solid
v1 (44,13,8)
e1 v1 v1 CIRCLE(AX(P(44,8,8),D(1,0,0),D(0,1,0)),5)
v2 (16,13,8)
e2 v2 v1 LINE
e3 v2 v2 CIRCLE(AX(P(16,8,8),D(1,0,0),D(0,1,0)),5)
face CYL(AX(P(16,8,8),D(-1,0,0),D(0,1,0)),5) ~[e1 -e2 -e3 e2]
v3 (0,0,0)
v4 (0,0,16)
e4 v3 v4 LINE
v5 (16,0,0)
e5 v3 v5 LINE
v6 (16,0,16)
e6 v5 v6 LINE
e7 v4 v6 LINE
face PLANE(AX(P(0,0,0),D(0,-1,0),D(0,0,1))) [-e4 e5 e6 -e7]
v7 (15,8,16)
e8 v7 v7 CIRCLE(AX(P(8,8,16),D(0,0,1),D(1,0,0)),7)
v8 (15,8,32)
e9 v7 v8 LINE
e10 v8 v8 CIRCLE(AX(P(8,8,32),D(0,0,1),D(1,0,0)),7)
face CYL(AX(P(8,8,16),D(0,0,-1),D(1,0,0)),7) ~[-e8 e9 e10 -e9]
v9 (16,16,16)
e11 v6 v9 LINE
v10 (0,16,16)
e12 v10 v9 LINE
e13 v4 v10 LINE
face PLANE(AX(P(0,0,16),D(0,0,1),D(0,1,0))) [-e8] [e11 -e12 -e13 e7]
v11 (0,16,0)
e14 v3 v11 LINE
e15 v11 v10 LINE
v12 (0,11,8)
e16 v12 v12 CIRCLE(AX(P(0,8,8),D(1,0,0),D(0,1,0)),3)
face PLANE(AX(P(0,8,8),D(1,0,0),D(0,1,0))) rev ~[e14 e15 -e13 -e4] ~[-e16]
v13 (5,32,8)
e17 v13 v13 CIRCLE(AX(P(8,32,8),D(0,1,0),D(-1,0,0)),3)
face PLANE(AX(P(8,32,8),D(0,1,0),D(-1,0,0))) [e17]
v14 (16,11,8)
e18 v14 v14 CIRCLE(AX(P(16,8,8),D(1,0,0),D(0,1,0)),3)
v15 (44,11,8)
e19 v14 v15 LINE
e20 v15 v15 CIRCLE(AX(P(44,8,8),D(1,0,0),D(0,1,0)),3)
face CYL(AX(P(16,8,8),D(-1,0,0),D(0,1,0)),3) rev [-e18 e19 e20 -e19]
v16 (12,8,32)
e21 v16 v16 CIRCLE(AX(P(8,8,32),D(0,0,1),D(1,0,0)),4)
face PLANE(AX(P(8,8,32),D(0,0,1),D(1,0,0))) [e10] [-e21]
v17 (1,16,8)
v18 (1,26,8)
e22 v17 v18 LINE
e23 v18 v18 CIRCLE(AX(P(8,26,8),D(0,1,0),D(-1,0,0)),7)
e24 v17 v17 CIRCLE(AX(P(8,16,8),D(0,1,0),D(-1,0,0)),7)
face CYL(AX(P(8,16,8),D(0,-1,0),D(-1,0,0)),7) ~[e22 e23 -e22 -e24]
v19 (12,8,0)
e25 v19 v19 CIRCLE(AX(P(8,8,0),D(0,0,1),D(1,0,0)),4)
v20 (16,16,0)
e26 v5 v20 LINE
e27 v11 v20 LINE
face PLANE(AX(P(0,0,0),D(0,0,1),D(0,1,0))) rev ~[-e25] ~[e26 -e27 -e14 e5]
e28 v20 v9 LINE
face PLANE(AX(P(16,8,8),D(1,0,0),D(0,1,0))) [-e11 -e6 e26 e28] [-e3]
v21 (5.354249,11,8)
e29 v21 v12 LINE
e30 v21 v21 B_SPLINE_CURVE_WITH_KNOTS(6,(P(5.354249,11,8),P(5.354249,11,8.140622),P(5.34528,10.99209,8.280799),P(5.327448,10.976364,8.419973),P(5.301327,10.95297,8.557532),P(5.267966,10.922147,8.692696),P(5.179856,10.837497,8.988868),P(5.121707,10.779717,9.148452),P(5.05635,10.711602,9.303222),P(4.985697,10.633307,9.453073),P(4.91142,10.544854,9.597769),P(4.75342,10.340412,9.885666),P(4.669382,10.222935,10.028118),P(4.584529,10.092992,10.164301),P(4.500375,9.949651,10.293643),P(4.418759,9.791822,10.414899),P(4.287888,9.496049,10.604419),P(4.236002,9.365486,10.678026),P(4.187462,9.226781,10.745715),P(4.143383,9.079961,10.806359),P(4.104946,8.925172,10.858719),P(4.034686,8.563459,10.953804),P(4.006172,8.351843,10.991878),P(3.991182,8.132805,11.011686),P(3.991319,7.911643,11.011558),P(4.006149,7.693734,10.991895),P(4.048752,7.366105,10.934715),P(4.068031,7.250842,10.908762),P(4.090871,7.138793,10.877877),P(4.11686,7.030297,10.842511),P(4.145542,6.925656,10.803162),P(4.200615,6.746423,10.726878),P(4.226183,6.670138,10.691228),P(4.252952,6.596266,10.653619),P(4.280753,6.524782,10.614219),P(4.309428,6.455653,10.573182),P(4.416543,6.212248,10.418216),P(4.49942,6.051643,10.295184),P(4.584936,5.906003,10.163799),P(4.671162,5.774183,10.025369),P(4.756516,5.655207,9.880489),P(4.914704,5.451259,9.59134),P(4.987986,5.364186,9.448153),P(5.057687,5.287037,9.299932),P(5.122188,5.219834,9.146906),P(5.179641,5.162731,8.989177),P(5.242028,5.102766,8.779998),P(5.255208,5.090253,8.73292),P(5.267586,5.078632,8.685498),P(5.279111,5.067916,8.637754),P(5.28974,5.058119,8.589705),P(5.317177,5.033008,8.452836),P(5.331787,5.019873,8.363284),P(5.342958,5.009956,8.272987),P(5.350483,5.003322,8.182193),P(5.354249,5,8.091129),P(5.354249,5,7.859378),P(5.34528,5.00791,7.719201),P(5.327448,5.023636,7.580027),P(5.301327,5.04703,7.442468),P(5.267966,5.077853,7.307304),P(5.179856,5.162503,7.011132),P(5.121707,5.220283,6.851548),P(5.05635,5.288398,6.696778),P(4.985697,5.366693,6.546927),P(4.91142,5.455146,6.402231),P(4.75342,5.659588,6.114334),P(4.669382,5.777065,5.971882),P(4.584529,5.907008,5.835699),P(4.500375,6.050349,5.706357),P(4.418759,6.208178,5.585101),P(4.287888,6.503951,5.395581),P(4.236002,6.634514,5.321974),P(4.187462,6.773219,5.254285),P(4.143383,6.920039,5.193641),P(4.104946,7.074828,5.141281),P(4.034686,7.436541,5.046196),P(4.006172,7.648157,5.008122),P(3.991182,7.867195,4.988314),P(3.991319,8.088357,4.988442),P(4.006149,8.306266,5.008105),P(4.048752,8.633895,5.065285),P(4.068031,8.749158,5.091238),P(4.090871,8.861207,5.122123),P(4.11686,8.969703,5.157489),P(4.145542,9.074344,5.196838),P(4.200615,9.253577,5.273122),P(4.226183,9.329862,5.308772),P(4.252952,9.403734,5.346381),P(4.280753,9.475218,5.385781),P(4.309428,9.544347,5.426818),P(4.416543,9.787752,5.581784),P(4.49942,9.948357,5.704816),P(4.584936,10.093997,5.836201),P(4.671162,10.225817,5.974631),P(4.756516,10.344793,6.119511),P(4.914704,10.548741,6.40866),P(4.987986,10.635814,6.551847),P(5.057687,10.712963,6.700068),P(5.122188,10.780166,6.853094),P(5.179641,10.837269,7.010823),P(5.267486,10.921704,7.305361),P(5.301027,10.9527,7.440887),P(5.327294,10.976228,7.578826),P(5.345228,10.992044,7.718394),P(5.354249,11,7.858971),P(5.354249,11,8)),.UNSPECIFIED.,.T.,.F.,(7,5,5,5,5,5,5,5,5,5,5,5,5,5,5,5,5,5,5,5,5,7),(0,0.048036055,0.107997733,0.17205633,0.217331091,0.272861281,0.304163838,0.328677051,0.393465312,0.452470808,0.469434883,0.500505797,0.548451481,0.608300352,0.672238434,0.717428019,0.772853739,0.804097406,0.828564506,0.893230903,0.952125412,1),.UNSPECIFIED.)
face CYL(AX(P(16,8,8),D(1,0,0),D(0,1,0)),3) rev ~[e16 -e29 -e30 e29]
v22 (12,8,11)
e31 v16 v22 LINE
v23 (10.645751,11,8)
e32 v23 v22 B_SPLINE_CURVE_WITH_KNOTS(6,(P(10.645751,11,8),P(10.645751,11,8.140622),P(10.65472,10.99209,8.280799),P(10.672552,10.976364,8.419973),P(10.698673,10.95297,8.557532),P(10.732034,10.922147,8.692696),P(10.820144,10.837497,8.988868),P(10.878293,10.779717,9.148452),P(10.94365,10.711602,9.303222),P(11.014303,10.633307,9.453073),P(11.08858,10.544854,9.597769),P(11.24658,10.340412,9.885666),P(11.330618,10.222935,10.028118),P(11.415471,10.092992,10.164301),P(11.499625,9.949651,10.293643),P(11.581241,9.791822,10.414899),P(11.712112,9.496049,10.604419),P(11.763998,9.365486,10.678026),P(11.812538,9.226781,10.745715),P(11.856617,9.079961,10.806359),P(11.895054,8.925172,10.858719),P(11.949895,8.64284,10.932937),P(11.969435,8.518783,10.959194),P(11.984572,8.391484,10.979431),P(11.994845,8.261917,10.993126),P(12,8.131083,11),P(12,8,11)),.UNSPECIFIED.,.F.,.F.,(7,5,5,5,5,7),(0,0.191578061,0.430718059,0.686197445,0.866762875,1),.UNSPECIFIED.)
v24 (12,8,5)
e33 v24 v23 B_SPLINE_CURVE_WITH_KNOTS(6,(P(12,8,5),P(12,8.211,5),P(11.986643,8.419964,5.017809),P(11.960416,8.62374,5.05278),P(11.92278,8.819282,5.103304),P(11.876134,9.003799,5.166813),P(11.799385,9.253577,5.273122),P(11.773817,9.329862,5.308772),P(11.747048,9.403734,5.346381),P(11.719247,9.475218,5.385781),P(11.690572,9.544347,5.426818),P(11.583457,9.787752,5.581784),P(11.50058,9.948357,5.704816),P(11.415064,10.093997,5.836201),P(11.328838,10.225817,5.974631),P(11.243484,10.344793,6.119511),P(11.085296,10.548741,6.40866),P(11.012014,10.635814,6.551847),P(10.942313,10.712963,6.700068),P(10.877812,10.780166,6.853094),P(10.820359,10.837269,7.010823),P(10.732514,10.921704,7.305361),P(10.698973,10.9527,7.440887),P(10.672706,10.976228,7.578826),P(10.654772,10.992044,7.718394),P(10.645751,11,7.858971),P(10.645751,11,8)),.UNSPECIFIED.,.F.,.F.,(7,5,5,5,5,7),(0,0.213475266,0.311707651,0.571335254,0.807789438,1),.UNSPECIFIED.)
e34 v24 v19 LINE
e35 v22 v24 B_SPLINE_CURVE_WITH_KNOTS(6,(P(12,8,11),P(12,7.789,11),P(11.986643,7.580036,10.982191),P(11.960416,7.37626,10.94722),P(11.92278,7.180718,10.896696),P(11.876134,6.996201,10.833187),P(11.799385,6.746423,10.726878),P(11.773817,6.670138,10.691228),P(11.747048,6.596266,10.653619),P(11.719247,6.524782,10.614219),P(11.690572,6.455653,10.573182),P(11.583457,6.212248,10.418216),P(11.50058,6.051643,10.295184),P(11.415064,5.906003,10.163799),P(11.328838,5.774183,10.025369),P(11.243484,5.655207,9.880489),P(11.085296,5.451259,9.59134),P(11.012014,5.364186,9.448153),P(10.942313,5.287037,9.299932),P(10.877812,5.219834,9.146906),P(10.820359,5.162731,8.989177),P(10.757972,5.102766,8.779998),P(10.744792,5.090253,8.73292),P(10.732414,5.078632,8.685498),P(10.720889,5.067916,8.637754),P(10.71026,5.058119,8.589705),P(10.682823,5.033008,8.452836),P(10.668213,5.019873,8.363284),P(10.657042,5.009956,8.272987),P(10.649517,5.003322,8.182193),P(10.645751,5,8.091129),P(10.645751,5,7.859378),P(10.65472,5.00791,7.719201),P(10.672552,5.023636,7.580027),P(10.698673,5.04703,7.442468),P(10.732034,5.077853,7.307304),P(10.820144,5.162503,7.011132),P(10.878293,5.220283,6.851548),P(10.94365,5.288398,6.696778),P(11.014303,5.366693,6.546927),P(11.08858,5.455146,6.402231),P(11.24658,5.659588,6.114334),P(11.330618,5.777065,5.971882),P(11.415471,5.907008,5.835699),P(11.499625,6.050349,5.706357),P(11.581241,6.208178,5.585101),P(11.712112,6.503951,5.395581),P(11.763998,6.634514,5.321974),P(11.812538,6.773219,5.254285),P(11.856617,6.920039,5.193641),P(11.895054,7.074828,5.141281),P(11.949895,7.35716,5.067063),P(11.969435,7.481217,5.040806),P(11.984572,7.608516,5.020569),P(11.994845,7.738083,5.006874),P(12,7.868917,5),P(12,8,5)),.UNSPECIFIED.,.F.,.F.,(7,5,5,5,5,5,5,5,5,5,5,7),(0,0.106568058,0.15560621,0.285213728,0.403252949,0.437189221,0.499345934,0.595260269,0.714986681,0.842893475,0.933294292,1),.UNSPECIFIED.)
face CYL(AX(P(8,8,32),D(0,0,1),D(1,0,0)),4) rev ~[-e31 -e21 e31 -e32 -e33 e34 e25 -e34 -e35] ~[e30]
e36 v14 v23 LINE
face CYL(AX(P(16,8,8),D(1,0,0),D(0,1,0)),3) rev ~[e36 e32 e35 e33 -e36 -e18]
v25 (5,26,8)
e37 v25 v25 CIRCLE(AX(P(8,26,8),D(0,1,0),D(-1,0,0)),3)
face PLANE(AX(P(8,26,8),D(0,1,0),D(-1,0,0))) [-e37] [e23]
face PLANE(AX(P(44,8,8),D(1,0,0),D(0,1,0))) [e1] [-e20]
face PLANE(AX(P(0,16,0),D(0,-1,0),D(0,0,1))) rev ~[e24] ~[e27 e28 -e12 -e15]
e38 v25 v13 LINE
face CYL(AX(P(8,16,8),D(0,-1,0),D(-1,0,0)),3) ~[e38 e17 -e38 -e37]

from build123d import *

# Parameters (mm, degrees)
F0_W      = 16
F0_H      = 16
F1_DEPTH  = 16
F2_R      = 7
F3_DEPTH  = 16
F4_R      = 4
F5_DEPTH  = 34
F6_R      = 3
F7_DEPTH  = 18
F6_R_2    = 5
F8_DEPTH  = 28
F9_R      = 3
F10_DEPTH = 16
F9_R_2    = 7
F11_DEPTH = 10


with BuildPart() as f1:
    # F0 (on Right) → F1 (new body)
    with BuildSketch(Plane.YZ):
        with Locations((8, 8)):
            Rectangle(F0_W, F0_H)
    extrude(amount=F1_DEPTH)

    # F2 (on face) → F3 (join)
    with BuildSketch(Plane.XY.offset(16)):
        with Locations((8, 8)):
            Circle(F2_R)
    extrude(amount=F3_DEPTH)

    # F4 (on face) → F5 (cut)
    with BuildSketch(Plane.XY.offset(32)):
        with Locations((8, 8)):
            Circle(F4_R)
    extrude(amount=-F5_DEPTH, mode=Mode.SUBTRACT)

    # F6 (on face) → F7 (cut)
    with BuildSketch(Plane.YZ.offset(16)):
        with Locations((8, 8)):
            Circle(F6_R)
    extrude(amount=-F7_DEPTH, mode=Mode.SUBTRACT)

    # F6 (on face) → F8 (join)
    with BuildSketch(Plane.YZ.offset(16)):
        with Locations((8, 8)):
            Circle(F6_R_2)
        with Locations((8, 8)):
            Circle(F6_R, mode=Mode.SUBTRACT)
    extrude(amount=F8_DEPTH)

    # F9 (on face) → F10 (join)
    with BuildSketch(Plane(origin=(0, 16, 0), x_dir=(-1, 0, 0), z_dir=(0, 1, 0))):
        with Locations((-8, 8)):
            Circle(F9_R)
    extrude(amount=F10_DEPTH)

    # F9 (on face) → F11 (join)
    with BuildSketch(Plane(origin=(0, 16, 0), x_dir=(-1, 0, 0), z_dir=(0, 1, 0))):
        with Locations((-8, 8)):
            Circle(F9_R_2)
        with Locations((-8, 8)):
            Circle(F9_R, mode=Mode.SUBTRACT)
    extrude(amount=F11_DEPTH)


solid = f1.part
